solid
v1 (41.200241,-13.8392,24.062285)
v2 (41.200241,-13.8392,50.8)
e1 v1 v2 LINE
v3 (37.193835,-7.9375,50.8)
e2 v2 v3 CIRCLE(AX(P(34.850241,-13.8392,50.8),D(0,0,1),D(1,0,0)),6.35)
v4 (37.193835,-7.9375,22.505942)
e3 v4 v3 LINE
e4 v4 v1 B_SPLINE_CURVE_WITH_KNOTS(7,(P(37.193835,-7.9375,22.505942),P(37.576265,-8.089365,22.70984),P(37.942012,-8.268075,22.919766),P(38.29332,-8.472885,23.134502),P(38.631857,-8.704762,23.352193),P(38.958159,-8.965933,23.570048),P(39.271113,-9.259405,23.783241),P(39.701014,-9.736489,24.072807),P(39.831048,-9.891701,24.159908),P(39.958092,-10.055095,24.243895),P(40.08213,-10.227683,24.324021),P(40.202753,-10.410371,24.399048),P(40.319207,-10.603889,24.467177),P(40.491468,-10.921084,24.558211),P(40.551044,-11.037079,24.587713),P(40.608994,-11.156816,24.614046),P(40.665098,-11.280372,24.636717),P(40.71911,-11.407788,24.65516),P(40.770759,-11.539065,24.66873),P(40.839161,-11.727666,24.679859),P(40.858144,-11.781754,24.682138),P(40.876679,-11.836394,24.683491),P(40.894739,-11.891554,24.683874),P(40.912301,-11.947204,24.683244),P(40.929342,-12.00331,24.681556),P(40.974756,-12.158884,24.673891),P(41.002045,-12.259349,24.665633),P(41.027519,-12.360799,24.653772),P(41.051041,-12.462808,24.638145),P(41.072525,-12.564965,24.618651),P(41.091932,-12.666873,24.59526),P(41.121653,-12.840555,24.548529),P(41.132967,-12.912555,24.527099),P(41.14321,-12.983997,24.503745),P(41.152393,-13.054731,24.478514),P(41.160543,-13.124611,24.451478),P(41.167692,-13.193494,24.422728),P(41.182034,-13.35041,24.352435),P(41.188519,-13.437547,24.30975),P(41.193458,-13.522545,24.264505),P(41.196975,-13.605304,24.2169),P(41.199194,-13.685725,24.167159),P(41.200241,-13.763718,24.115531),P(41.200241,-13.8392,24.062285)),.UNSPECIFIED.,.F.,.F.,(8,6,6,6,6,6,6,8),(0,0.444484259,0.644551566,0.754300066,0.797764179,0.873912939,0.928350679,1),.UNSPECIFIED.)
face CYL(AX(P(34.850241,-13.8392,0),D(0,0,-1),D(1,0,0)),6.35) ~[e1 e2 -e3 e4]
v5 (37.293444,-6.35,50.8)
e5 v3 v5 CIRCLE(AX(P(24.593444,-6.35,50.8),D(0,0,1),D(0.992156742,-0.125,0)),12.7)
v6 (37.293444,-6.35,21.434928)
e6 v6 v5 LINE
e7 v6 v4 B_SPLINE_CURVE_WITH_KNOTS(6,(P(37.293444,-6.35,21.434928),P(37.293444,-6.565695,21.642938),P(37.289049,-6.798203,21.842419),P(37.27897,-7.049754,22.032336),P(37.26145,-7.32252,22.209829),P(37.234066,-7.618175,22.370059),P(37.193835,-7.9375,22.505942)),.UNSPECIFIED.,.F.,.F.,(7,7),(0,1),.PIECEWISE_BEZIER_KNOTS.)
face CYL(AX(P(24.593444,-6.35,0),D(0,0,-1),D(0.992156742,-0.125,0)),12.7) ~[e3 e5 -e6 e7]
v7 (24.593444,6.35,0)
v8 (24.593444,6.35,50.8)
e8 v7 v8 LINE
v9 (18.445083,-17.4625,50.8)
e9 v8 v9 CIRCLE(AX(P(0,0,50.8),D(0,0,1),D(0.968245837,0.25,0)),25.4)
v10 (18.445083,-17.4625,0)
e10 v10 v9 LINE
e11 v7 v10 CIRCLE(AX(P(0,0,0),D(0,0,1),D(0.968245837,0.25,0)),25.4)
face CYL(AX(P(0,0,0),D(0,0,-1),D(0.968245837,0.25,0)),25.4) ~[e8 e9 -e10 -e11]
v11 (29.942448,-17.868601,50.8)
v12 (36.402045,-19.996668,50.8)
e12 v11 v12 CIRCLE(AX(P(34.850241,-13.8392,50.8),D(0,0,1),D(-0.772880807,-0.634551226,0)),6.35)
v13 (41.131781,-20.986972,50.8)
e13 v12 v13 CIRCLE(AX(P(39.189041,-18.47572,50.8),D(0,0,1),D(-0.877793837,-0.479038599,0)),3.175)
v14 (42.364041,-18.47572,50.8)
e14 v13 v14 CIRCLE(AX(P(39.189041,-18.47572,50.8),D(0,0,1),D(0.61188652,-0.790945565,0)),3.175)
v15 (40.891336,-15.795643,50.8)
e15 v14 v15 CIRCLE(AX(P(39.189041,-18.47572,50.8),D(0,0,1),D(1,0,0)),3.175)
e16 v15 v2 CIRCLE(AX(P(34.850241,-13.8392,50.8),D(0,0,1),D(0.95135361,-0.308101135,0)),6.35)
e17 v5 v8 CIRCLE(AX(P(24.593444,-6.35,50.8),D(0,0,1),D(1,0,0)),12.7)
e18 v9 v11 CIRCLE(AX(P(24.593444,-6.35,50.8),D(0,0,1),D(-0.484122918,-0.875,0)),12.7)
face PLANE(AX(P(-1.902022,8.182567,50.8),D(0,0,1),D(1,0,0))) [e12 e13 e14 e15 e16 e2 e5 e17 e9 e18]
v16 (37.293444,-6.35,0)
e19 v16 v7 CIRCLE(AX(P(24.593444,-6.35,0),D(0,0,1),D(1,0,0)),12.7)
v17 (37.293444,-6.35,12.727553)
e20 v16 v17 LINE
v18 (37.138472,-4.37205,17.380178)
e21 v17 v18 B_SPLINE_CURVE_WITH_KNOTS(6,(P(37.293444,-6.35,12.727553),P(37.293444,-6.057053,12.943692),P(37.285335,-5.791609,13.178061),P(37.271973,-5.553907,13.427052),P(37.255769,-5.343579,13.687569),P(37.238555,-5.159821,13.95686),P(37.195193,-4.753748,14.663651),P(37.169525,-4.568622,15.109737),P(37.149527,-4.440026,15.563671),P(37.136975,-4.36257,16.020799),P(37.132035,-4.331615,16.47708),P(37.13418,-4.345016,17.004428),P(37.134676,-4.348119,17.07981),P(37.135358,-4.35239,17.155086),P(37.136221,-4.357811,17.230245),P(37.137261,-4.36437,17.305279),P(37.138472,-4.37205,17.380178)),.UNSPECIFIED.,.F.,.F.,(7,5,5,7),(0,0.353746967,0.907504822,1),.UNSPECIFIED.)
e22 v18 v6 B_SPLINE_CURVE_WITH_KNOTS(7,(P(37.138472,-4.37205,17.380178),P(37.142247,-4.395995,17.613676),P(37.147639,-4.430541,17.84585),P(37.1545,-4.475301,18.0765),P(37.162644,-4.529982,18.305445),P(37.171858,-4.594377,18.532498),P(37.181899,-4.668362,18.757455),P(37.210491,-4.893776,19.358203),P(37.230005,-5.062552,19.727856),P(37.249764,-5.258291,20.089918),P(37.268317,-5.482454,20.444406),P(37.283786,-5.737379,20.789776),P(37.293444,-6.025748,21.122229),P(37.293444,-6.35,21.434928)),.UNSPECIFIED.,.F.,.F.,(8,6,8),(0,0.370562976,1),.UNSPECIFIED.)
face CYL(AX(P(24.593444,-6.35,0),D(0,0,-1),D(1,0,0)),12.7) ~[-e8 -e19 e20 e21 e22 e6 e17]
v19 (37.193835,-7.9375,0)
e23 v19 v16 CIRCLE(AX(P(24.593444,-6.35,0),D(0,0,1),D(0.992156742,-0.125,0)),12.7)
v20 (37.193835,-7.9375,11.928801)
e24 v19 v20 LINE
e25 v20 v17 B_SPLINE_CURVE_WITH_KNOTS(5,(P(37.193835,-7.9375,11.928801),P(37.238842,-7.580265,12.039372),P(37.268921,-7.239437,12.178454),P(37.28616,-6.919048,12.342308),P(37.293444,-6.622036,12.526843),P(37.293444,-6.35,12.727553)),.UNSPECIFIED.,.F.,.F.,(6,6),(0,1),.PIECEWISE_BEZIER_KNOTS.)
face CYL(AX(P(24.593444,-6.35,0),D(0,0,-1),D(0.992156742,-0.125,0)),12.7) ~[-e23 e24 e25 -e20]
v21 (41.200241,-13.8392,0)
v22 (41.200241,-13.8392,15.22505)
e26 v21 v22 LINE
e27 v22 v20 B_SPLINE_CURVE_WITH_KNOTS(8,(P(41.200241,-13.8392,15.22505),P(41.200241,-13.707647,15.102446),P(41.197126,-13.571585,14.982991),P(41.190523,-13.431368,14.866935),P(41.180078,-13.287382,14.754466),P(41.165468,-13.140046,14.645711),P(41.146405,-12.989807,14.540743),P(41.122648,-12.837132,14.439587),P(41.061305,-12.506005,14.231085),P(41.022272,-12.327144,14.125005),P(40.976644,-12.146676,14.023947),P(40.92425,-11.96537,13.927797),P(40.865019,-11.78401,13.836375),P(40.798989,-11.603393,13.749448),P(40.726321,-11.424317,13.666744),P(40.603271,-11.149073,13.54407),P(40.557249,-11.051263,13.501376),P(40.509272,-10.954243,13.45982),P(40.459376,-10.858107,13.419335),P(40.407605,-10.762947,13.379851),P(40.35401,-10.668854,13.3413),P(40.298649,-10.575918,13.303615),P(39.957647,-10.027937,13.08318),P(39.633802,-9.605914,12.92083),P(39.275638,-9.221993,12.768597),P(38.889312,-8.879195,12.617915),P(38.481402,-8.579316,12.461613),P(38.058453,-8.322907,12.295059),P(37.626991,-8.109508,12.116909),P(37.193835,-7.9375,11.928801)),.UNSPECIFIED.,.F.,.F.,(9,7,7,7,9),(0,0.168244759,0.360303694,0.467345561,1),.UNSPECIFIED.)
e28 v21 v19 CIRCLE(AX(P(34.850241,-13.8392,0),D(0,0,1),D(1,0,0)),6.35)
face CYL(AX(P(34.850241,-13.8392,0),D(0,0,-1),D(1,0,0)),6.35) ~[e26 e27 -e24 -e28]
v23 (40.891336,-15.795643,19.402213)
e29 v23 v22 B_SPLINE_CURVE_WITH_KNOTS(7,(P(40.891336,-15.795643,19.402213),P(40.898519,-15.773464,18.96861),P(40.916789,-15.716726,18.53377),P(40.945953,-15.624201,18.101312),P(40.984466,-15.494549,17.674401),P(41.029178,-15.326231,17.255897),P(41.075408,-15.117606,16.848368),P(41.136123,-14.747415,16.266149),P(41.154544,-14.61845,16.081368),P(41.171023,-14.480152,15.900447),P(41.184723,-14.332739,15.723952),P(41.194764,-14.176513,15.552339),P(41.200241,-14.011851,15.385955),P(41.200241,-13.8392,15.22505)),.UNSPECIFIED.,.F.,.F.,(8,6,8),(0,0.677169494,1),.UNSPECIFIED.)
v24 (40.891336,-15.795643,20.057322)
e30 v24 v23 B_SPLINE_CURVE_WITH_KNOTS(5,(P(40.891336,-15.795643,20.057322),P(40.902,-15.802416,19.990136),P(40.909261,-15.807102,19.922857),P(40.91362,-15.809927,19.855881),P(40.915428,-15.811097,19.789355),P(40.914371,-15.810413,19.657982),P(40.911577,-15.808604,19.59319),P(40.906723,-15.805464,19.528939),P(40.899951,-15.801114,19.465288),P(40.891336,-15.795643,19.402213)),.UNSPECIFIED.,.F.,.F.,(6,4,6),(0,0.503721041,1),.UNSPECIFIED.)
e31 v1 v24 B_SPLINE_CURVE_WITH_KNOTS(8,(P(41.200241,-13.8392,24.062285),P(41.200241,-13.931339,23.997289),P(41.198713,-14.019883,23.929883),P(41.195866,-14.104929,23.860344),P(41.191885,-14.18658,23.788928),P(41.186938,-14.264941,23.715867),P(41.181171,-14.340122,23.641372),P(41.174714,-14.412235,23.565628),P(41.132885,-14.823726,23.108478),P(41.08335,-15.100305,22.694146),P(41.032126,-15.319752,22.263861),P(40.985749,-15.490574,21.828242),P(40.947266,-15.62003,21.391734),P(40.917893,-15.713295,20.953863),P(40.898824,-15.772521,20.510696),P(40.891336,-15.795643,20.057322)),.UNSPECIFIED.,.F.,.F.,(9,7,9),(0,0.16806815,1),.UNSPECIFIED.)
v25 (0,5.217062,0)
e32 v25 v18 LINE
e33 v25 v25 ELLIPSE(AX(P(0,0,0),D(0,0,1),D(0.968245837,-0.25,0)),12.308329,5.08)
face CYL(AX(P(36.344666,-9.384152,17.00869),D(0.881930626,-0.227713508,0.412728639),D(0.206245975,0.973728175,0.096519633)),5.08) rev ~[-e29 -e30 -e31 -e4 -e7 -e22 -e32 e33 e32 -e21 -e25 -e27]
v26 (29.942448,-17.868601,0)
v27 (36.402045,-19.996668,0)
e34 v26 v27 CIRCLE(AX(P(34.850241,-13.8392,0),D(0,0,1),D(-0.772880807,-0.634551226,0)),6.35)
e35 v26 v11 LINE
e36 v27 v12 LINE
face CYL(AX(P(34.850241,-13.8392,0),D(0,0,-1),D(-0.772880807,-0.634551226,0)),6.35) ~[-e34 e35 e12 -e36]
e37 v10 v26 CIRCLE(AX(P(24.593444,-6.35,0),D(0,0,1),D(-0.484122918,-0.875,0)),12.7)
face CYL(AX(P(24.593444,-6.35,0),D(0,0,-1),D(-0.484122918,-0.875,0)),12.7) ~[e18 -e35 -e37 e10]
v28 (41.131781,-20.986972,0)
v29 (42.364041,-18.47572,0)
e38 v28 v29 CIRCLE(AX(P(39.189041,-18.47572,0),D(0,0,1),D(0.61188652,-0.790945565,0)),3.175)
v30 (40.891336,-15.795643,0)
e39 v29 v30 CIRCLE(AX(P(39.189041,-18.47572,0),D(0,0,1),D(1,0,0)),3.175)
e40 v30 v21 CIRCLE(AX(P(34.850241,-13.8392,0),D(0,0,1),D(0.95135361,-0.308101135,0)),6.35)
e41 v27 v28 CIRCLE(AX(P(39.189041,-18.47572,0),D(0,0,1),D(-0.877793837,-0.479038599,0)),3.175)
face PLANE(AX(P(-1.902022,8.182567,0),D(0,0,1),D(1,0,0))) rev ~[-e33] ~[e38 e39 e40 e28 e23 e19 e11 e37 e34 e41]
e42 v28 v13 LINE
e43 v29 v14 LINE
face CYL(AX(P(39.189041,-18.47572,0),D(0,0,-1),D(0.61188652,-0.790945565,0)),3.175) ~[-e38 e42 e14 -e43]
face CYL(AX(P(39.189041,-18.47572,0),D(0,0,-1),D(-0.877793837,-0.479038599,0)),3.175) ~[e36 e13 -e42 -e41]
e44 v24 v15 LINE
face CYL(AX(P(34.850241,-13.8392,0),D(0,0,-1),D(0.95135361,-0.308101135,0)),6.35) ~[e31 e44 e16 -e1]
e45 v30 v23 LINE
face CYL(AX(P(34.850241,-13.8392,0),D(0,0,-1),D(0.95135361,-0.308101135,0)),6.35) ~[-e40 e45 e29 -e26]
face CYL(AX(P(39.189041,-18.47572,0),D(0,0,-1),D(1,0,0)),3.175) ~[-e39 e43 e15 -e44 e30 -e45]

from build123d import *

# Parameters (mm, degrees)
F1_DEPTH = 50.8
F4_R     = 5.08
F5_DEPTH = 63.5


with BuildPart() as f1:
    # F0 (on Top) → F1 (new body)
    with BuildSketch(Plane.XY):
        with BuildLine():
            ThreePointArc((12.7995573241, -1.6389246221), (17.4709677584, 4.1647671705), (24.5934442484, 6.35))
            ThreePointArc((24.5934442484, 6.35), (-6.35, 24.5934442484), (-24.5934442484, -6.35))
            ThreePointArc((-24.5934442484, -6.35), (-6.35, -0.3984375242), (12.7995573241, -1.6389246221))
        make_face()
        with BuildLine():
            ThreePointArc((12.7995573241, -1.6389246221), (-6.35, -0.3984375242), (-24.5934442484, -6.35))
            ThreePointArc((-24.5934442484, -6.35), (-6.35, -24.5934442484), (18.4450831863, -17.4625))
            ThreePointArc((18.4450831863, -17.4625), (12.6319455908, -10.6176164148), (12.7995573241, -1.6389246221))
        make_face()
        with BuildLine():
            ThreePointArc((18.4450831863, -17.4625), (22.225, -12.2967221242), (24.5934442484, -6.35))
            ThreePointArc((24.5934442484, -6.35), (18.8443015114, -3.6244523026), (12.7995573241, -1.6389246221))
            ThreePointArc((12.7995573241, -1.6389246221), (12.6319455908, -10.6176164148), (18.4450831863, -17.4625))
        make_face()
        with BuildLine():
            ThreePointArc((24.5934442484, -6.35), (25.1975542852, -3.2005090291), (25.4, 0))
            ThreePointArc((25.4, 0), (25.1975542852, 3.2005090291), (24.5934442484, 6.35))
            ThreePointArc((24.5934442484, 6.35), (17.4709677584, 4.1647671705), (12.7995573241, -1.6389246221))
            ThreePointArc((12.7995573241, -1.6389246221), (18.8443015114, -3.6244523026), (24.5934442484, -6.35))
        make_face()
        with BuildLine():
            ThreePointArc((24.5934442484, 6.35), (25.1975542852, 3.2005090291), (25.4, 0))
            ThreePointArc((25.4, 0), (25.1975542852, -3.2005090291), (24.5934442484, -6.35))
            ThreePointArc((24.5934442484, -6.35), (27.3340357189, -7.9807229005), (29.9669059095, -9.7801931963))
            ThreePointArc((29.9669059095, -9.7801931963), (33.2813397987, -7.6860670857), (37.1938348674, -7.9375))
            ThreePointArc((37.1938348674, -7.9375), (37.2685174407, -7.1453109893), (37.2934442484, -6.35))
            ThreePointArc((37.2934442484, -6.35), (33.5737003695, 2.6302561211), (24.5934442484, 6.35))
        make_face()
        with BuildLine():
            ThreePointArc((29.9669059095, -9.7801931963), (27.3340357189, -7.9807229005), (24.5934442484, -6.35))
            ThreePointArc((24.5934442484, -6.35), (22.225, -12.2967221242), (18.4450831863, -17.4625))
            ThreePointArc((18.4450831863, -17.4625), (24.1451446263, -19.0420852286), (29.9424477824, -17.8686006613))
            ThreePointArc((29.9424477824, -17.8686006613), (28.5002699382, -13.8199990211), (29.9669059095, -9.7801931963))
        make_face()
        with BuildLine():
            ThreePointArc((34.8502409072, -13.8392003779), (32.4720574524, -11.7333200181), (29.9669059095, -9.7801931963))
            ThreePointArc((29.9669059095, -9.7801931963), (28.5002699382, -13.8199990211), (29.9424477824, -17.8686006613))
            ThreePointArc((29.9424477824, -17.8686006613), (32.6522448152, -16.1655862497), (34.8502409072, -13.8392003779))
        make_face()
        with BuildLine():
            ThreePointArc((37.1938348674, -7.9375), (33.2813397987, -7.6860670857), (29.9669059095, -9.7801931963))
            ThreePointArc((29.9669059095, -9.7801931963), (32.4720574524, -11.7333200181), (34.8502409072, -13.8392003779))
            ThreePointArc((34.8502409072, -13.8392003779), (36.3968450041, -11.0371879203), (37.1938348674, -7.9375))
        make_face()
        with BuildLine():
            ThreePointArc((41.2002409072, -13.8392003779), (40.1040167707, -10.272641928), (37.1938348674, -7.9375))
            ThreePointArc((37.1938348674, -7.9375), (36.3968450041, -11.0371879203), (34.8502409072, -13.8392003779))
            ThreePointArc((34.8502409072, -13.8392003779), (35.9893415804, -14.9474227898), (37.0932189983, -16.0907346038))
            ThreePointArc((37.0932189983, -16.0907346038), (38.9431027022, -15.3102596751), (40.8913363289, -15.7956425842))
            ThreePointArc((40.8913363289, -15.7956425842), (41.1225393666, -14.829539732), (41.2002409072, -13.8392003779))
        make_face()
        with BuildLine():
            ThreePointArc((34.8502409072, -13.8392003779), (32.6522448152, -16.1655862497), (29.9424477824, -17.8686006613))
            ThreePointArc((29.9424477824, -17.8686006613), (32.8633256958, -19.8703418903), (36.4020454568, -19.9966676039))
            ThreePointArc((36.4020454568, -19.9966676039), (36.0626125115, -17.922483586), (37.0932189983, -16.0907346038))
            ThreePointArc((37.0932189983, -16.0907346038), (35.9893415804, -14.9474227898), (34.8502409072, -13.8392003779))
        make_face()
        with BuildLine():
            ThreePointArc((37.0932189983, -16.0907346038), (36.0626125115, -17.922483586), (36.4020454568, -19.9966676039))
            ThreePointArc((36.4020454568, -19.9966676039), (37.892136008, -19.4131912458), (39.1890408908, -18.4757200535))
            ThreePointArc((39.1890408908, -18.4757200535), (38.1597671946, -17.2668497207), (37.0932189983, -16.0907346038))
        make_face()
        with BuildLine():
            ThreePointArc((40.8913363289, -15.7956425842), (38.9431027022, -15.3102596751), (37.0932189983, -16.0907346038))
            ThreePointArc((37.0932189983, -16.0907346038), (38.1597671946, -17.2668497207), (39.1890408908, -18.4757200535))
            ThreePointArc((39.1890408908, -18.4757200535), (40.2103958459, -17.243791254), (40.8913363289, -15.7956425842))
        make_face()
        with BuildLine():
            ThreePointArc((42.3640408908, -18.4757200535), (41.971612814, -16.9466947129), (40.8913363289, -15.7956425842))
            ThreePointArc((40.8913363289, -15.7956425842), (40.2103958459, -17.243791254), (39.1890408908, -18.4757200535))
            ThreePointArc((39.1890408908, -18.4757200535), (40.1800346913, -19.7161647764), (41.1317805923, -20.9869722217))
            ThreePointArc((41.1317805923, -20.9869722217), (42.0393762704, -19.8743669796), (42.3640408908, -18.4757200535))
        make_face()
        with BuildLine():
            ThreePointArc((39.1890408908, -18.4757200535), (37.892136008, -19.4131912458), (36.4020454568, -19.9966676039))
            ThreePointArc((36.4020454568, -19.9966676039), (38.5383737374, -21.583332844), (41.1317805923, -20.9869722217))
            ThreePointArc((41.1317805923, -20.9869722217), (40.1800346913, -19.7161647764), (39.1890408908, -18.4757200535))
        make_face()
    extrude(amount=F1_DEPTH)

    # F4 (on 3pt) → F5 (cut, symmetric)
    with BuildSketch(Plane(origin=(36.3446660233, -9.3841524154, 17.0086899215), x_dir=(0.2062459752, 0.9737281746, 0.0965196334), z_dir=(0.8819306257, -0.2277135084, 0.4127286391))):
        Circle(F4_R)
    extrude(amount=F5_DEPTH, both=True, mode=Mode.SUBTRACT)


solid = f1.part
